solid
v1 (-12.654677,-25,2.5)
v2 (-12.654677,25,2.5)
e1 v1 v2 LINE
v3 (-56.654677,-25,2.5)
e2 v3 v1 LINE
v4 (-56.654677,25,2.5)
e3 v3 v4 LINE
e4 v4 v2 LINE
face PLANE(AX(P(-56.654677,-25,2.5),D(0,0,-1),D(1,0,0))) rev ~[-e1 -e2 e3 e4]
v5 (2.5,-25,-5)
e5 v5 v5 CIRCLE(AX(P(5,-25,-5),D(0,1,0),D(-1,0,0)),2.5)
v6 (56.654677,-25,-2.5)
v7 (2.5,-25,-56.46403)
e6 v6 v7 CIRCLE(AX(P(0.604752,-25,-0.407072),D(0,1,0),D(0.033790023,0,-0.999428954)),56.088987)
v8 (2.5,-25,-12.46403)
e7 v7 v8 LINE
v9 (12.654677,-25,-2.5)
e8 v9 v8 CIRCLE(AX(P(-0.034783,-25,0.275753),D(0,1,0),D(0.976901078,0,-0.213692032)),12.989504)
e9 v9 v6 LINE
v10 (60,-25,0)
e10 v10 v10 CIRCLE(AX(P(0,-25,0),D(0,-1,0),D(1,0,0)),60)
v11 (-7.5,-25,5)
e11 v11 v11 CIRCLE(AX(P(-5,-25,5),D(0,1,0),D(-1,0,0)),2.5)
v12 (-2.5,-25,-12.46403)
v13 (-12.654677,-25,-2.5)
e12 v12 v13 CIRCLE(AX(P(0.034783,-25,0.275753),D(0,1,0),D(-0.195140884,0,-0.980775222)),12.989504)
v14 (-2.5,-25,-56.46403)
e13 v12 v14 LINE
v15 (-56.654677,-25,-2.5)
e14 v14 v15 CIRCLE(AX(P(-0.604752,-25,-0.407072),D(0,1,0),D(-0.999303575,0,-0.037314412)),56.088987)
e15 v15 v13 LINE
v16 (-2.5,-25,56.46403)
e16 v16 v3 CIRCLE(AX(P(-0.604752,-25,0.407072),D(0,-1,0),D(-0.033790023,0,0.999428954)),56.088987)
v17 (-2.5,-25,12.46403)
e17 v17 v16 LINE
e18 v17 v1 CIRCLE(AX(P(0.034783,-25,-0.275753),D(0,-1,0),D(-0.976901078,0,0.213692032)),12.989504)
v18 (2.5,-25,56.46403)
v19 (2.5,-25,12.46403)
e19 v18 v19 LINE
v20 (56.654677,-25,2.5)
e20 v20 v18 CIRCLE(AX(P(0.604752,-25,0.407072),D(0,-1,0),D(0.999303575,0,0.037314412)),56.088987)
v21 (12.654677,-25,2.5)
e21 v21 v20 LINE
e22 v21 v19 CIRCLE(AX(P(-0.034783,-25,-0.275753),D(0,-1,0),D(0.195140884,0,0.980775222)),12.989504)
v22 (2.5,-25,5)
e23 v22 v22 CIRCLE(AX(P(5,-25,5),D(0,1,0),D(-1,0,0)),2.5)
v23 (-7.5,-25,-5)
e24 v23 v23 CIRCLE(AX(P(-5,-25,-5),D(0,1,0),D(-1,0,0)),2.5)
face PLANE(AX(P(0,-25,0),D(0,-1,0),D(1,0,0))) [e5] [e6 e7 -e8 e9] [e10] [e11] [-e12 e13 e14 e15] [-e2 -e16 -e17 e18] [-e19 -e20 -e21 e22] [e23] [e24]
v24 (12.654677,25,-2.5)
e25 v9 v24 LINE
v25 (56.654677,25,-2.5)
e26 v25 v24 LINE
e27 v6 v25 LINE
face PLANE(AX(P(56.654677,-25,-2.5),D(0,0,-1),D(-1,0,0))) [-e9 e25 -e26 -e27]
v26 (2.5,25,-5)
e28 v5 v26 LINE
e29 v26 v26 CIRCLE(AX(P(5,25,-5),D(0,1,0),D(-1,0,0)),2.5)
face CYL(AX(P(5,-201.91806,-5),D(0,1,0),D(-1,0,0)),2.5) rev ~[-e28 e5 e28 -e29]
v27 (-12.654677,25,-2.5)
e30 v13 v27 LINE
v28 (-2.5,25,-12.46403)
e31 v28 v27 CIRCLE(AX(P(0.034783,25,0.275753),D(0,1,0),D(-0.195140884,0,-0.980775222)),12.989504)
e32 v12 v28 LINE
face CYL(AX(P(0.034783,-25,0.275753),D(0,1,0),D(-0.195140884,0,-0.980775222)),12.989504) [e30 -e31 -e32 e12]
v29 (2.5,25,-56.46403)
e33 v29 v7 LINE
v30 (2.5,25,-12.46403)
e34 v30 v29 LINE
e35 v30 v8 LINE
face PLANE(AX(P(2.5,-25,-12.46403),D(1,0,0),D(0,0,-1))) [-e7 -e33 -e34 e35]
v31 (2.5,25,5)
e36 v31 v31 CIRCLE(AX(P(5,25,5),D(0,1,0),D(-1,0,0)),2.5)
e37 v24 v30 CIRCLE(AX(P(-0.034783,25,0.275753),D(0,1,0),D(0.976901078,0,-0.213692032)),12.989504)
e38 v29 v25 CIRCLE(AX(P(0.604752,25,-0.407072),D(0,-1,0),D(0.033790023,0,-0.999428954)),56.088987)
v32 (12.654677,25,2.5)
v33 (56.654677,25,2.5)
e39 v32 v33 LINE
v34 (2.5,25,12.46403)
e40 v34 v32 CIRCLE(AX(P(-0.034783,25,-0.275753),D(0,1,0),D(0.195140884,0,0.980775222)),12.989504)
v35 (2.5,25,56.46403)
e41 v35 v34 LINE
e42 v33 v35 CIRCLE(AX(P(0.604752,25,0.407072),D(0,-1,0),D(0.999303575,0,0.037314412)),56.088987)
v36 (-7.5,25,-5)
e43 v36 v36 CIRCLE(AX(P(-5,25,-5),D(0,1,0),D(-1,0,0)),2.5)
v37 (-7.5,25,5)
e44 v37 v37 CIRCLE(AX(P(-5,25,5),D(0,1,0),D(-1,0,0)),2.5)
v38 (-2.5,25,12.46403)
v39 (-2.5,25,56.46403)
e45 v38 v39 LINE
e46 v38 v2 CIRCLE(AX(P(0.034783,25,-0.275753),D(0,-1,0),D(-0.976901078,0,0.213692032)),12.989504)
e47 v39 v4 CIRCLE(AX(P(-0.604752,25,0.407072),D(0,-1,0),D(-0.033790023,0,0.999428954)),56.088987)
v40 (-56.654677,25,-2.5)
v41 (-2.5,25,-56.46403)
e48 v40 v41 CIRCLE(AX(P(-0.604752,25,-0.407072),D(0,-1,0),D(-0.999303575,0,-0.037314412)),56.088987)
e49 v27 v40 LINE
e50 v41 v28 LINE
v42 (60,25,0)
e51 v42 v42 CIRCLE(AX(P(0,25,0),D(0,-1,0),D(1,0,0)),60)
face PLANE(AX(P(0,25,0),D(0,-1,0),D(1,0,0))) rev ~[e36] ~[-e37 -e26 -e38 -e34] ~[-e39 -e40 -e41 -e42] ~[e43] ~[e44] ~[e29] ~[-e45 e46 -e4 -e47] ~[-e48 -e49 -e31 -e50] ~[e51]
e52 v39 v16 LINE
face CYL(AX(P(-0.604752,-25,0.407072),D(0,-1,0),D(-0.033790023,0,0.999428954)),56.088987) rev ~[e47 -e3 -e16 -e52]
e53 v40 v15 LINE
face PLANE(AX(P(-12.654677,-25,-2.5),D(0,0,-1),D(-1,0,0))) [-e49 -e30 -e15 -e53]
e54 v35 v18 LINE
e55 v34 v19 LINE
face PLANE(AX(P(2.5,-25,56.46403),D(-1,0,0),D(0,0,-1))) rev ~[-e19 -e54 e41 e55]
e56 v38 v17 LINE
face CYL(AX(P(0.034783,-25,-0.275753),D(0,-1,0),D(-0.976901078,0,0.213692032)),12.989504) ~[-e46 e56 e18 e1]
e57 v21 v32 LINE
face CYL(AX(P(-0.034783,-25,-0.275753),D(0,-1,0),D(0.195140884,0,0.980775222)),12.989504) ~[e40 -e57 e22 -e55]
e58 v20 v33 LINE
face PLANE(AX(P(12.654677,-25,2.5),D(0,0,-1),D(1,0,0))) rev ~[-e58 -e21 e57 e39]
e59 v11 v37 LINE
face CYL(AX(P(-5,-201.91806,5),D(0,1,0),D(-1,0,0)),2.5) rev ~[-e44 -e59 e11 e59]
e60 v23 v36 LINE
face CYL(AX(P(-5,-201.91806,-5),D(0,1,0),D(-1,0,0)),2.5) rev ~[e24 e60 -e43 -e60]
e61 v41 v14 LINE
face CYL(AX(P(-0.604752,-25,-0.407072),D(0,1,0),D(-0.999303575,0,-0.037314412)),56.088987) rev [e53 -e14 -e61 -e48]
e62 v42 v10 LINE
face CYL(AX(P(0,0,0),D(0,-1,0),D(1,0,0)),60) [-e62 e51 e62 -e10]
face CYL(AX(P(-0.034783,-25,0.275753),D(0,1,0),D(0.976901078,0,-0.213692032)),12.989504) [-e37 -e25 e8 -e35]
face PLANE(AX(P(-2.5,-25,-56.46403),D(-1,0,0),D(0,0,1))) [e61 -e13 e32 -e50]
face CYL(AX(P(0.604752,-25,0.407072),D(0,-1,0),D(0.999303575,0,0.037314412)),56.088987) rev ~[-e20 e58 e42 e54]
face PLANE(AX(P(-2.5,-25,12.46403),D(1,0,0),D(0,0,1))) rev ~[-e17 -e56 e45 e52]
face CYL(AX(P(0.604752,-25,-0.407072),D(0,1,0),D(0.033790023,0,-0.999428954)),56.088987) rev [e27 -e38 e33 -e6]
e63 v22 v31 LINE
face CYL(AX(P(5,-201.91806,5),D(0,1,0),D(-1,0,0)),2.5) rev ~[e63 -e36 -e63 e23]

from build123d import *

# Parameters (mm, degrees)
F0_R     = 60
F1_DEPTH = 25
F4_DEPTH = 50.6
F5_DEPTH = 50
F6_D     = 5


with BuildPart() as f1:
    # F0 (on Front) → F1 (new body, symmetric)
    with BuildSketch(Plane.XZ):
        Circle(F0_R)
    extrude(amount=F1_DEPTH, both=True)

    # F3 (on offset) → F4 (cut, symmetric)
    with BuildSketch(Plane.XZ.offset(25)):
        with BuildLine():
            ThreePointArc((-12.654677, 2.5), (-9.062737, 8.995834), (-2.5, 12.46403))
            Line((-2.5, 12.46403), (-2.5, 56.46403))
            ThreePointArc((-2.5, 56.46403), (-40.195659, 40.137848), (-56.654677, 2.5))
            Line((-56.654677, 2.5), (-12.654677, 2.5))
        make_face()
    extrude(amount=F4_DEPTH, both=True, mode=Mode.SUBTRACT)

    # F3 (on offset) → F5 (cut, symmetric)
    with BuildSketch(Plane.XZ.offset(25)):
        with BuildLine():
            Line((-12.654677, -2.5), (-56.654677, -2.5))
            ThreePointArc((-56.654677, -2.5), (-40.195659, -40.137848), (-2.5, -56.46403))
            Line((-2.5, -56.46403), (-2.5, -12.46403))
            ThreePointArc((-2.5, -12.46403), (-9.062737, -8.995834), (-12.654677, -2.5))
        make_face()
        with BuildLine():
            ThreePointArc((12.654677, -2.5), (9.062737, -8.995834), (2.5, -12.46403))
            Line((2.5, -12.46403), (2.5, -56.46403))
            ThreePointArc((2.5, -56.46403), (40.195659, -40.137848), (56.654677, -2.5))
            Line((56.654677, -2.5), (12.654677, -2.5))
        make_face()
        with BuildLine():
            ThreePointArc((56.654677, 2.5), (40.195659, 40.137848), (2.5, 56.46403))
            Line((2.5, 56.46403), (2.5, 12.46403))
            ThreePointArc((2.5, 12.46403), (9.062737, 8.995834), (12.654677, 2.5))
            Line((12.654677, 2.5), (56.654677, 2.5))
        make_face()
    extrude(amount=F5_DEPTH, both=True, mode=Mode.SUBTRACT)

    # F6 (through all)
    with Locations(Plane.XZ.offset(25)):
        with Locations((-5, -5), (-5, 5), (5, 5), (5, -5)):
            Hole(F6_D / 2)


solid = f1.part
